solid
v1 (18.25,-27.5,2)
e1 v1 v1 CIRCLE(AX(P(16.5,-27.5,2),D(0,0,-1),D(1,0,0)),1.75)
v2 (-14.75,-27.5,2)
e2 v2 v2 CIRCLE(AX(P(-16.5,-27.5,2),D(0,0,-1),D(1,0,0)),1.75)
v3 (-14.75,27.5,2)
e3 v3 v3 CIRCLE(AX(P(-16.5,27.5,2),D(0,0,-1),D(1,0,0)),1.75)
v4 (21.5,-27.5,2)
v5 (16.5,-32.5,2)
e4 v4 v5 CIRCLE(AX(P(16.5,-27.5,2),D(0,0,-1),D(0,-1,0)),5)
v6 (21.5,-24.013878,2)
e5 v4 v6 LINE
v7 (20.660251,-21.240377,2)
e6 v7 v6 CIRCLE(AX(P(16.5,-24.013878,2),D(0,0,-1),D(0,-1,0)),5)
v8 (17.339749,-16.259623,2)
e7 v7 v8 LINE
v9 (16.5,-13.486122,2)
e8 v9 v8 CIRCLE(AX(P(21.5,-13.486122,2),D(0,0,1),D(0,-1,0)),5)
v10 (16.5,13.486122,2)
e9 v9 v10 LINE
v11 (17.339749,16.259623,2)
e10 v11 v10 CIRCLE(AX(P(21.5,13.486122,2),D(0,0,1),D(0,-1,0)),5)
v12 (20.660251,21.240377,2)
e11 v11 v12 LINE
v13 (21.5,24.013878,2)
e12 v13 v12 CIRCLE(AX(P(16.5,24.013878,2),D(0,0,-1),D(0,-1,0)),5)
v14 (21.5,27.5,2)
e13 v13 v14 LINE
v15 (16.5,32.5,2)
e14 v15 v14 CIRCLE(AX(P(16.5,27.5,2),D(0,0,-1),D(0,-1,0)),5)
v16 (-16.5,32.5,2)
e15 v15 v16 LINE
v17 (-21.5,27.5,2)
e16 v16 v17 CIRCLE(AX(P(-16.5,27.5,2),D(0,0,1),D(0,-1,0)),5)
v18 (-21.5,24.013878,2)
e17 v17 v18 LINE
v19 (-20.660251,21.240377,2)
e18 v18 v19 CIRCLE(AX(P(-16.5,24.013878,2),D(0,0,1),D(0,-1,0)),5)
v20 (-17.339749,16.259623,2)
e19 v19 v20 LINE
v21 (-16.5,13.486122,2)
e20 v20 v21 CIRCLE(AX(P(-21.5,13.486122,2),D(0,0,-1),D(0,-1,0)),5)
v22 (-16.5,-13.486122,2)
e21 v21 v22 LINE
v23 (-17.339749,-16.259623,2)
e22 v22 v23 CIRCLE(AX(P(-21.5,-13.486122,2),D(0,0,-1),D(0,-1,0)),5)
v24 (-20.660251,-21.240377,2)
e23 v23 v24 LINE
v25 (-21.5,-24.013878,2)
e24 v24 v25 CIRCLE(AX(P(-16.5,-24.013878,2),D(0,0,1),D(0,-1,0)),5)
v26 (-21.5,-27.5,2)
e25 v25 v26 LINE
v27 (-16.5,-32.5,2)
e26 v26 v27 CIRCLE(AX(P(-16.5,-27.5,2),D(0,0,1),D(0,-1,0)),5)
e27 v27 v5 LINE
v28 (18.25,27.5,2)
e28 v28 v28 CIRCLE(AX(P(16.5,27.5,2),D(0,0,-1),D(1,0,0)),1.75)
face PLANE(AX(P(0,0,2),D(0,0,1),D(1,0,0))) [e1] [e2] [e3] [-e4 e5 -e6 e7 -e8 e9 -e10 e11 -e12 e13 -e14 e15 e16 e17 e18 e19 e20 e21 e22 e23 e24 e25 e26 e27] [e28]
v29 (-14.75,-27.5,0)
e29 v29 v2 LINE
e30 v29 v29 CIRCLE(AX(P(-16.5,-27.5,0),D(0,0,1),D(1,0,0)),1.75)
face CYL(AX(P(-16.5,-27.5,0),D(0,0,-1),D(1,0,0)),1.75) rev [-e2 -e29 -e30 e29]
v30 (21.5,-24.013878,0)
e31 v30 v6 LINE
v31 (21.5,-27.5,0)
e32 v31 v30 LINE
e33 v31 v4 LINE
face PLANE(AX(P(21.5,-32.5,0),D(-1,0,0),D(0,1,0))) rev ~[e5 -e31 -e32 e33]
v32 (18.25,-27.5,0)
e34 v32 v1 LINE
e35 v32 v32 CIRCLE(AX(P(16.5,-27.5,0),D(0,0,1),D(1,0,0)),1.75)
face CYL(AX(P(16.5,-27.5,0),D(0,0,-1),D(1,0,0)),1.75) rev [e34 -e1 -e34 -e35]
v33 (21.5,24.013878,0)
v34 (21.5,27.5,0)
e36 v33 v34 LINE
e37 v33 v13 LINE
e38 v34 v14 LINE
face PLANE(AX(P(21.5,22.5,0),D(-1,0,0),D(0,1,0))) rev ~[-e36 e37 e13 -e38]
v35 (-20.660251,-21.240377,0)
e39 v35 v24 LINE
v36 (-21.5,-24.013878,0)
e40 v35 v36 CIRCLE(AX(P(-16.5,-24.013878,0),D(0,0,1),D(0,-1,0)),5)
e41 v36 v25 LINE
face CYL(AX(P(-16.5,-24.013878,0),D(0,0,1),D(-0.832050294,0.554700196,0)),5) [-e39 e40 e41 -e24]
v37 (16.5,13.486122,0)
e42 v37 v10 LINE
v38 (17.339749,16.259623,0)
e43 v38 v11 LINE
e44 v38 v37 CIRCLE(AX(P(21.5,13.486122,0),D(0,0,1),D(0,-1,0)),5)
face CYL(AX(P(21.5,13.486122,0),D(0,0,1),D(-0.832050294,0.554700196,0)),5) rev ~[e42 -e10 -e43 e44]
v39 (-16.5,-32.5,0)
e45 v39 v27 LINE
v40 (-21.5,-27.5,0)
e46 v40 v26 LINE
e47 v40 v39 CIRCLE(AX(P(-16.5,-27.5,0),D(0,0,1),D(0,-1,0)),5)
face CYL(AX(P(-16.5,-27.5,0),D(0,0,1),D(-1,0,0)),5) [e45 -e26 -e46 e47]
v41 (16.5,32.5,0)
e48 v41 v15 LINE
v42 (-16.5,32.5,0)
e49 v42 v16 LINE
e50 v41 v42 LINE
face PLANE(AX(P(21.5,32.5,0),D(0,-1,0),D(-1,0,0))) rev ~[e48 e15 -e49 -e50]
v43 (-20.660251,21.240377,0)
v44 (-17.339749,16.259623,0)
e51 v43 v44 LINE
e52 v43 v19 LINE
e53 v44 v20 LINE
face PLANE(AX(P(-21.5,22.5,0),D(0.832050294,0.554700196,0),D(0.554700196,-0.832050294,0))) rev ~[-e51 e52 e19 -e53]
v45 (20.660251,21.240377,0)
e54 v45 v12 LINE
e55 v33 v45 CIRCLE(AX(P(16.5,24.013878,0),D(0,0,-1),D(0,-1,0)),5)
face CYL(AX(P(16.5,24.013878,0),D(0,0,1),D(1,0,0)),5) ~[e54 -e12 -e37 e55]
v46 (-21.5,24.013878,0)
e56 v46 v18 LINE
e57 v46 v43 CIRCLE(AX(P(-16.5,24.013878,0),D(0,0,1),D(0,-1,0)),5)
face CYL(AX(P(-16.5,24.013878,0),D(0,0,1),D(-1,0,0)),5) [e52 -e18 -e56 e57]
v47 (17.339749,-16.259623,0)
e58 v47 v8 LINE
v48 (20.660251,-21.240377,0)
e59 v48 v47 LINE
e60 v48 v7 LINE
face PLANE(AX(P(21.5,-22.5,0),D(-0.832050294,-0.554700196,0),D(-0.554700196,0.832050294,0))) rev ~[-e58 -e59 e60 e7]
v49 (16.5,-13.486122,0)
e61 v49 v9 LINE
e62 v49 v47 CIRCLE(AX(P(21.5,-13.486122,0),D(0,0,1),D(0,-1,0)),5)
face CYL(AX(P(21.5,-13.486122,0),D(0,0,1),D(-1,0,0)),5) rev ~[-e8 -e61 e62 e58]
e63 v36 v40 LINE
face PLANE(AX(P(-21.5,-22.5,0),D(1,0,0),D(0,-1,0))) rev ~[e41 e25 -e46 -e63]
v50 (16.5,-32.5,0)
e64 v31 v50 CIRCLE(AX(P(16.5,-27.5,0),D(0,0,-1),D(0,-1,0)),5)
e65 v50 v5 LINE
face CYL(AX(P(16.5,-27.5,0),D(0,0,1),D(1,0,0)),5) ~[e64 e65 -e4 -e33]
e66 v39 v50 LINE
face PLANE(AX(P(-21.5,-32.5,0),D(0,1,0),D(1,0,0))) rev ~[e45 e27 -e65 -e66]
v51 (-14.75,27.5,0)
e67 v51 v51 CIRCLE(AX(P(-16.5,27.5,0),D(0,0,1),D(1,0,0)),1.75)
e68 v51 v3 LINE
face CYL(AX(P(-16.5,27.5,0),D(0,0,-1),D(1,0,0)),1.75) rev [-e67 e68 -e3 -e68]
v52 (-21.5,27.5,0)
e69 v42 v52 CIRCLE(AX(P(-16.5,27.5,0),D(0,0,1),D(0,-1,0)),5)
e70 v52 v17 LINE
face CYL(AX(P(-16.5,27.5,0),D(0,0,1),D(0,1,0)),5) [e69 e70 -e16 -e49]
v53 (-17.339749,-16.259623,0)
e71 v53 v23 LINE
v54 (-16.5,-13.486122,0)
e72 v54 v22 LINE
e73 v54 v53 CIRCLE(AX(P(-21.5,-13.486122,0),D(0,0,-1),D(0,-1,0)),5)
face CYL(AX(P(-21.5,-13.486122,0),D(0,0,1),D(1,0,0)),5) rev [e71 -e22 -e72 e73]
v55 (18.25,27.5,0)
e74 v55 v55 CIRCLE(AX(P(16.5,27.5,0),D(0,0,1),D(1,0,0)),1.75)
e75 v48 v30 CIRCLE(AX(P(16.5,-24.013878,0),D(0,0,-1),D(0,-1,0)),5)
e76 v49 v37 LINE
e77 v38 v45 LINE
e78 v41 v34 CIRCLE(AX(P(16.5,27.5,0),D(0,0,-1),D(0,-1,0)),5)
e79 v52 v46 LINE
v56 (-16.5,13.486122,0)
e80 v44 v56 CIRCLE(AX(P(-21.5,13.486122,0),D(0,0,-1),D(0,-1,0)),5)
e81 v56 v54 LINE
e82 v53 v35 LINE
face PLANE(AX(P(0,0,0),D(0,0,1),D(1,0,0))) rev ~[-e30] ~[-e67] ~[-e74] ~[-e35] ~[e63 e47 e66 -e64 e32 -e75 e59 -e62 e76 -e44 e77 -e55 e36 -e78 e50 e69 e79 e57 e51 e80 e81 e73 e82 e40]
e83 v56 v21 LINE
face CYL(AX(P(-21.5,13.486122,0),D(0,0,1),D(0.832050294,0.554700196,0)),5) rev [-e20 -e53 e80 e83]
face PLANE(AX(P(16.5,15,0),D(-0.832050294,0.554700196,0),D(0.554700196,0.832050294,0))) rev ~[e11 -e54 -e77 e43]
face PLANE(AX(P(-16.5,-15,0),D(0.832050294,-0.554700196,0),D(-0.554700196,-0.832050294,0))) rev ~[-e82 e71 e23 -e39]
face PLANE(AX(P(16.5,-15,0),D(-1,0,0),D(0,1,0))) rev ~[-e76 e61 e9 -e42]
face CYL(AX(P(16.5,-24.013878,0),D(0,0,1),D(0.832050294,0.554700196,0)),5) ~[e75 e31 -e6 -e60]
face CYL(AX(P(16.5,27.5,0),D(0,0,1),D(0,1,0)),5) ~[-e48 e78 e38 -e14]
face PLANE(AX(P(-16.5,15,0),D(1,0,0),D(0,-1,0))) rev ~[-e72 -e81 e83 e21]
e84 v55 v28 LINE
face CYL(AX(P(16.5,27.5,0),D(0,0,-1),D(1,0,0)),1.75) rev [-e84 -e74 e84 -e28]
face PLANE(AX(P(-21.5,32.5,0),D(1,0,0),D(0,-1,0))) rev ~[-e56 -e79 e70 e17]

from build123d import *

# Parameters (mm, degrees)
F1_DEPTH = 2
F2_R     = 1.75
F3_DEPTH = 25
F4_R     = 5


with BuildPart() as f1:
    # F0 (on Top) → F1 (new body)
    with BuildSketch(Plane.XY):
        Polygon((21.5, 32.5), (-21.5, 32.5), (-21.5, 22.5), (-16.5, 15), (-16.5, -15), (-21.5, -22.5), (-21.5, -32.5), (21.5, -32.5), (21.5, -22.5), (16.5, -15), (16.5, 15), (21.5, 22.5), align=None)
    extrude(amount=F1_DEPTH)

    # F2 (on Top) → F3 (cut)
    with BuildSketch(Plane.XY):
        with Locations((-16.5, 27.5)):
            Circle(F2_R)
        with Locations((16.5, 27.5)):
            Circle(F2_R)
        with Locations((16.5, -27.5)):
            Circle(F2_R)
        with Locations((-16.5, -27.5)):
            Circle(F2_R)
    extrude(amount=F3_DEPTH, mode=Mode.SUBTRACT)

    # F4
    f4_edges = [f1.edges().sort_by_distance(p)[0] for p in [
        (-21.5, 32.5, 1),
        (21.5, 32.5, 1),
        (21.5, -32.5, 1),
        (-21.5, -32.5, 1),
        (21.5, 22.5, 1),
        (16.5, 15, 1),
        (16.5, -15, 1),
        (21.5, -22.5, 1),
        (-21.5, -22.5, 1),
        (-16.5, -15, 1),
        (-16.5, 15, 1),
        (-21.5, 22.5, 1),
    ]]
    fillet(f4_edges, radius=F4_R)


solid = f1.part
